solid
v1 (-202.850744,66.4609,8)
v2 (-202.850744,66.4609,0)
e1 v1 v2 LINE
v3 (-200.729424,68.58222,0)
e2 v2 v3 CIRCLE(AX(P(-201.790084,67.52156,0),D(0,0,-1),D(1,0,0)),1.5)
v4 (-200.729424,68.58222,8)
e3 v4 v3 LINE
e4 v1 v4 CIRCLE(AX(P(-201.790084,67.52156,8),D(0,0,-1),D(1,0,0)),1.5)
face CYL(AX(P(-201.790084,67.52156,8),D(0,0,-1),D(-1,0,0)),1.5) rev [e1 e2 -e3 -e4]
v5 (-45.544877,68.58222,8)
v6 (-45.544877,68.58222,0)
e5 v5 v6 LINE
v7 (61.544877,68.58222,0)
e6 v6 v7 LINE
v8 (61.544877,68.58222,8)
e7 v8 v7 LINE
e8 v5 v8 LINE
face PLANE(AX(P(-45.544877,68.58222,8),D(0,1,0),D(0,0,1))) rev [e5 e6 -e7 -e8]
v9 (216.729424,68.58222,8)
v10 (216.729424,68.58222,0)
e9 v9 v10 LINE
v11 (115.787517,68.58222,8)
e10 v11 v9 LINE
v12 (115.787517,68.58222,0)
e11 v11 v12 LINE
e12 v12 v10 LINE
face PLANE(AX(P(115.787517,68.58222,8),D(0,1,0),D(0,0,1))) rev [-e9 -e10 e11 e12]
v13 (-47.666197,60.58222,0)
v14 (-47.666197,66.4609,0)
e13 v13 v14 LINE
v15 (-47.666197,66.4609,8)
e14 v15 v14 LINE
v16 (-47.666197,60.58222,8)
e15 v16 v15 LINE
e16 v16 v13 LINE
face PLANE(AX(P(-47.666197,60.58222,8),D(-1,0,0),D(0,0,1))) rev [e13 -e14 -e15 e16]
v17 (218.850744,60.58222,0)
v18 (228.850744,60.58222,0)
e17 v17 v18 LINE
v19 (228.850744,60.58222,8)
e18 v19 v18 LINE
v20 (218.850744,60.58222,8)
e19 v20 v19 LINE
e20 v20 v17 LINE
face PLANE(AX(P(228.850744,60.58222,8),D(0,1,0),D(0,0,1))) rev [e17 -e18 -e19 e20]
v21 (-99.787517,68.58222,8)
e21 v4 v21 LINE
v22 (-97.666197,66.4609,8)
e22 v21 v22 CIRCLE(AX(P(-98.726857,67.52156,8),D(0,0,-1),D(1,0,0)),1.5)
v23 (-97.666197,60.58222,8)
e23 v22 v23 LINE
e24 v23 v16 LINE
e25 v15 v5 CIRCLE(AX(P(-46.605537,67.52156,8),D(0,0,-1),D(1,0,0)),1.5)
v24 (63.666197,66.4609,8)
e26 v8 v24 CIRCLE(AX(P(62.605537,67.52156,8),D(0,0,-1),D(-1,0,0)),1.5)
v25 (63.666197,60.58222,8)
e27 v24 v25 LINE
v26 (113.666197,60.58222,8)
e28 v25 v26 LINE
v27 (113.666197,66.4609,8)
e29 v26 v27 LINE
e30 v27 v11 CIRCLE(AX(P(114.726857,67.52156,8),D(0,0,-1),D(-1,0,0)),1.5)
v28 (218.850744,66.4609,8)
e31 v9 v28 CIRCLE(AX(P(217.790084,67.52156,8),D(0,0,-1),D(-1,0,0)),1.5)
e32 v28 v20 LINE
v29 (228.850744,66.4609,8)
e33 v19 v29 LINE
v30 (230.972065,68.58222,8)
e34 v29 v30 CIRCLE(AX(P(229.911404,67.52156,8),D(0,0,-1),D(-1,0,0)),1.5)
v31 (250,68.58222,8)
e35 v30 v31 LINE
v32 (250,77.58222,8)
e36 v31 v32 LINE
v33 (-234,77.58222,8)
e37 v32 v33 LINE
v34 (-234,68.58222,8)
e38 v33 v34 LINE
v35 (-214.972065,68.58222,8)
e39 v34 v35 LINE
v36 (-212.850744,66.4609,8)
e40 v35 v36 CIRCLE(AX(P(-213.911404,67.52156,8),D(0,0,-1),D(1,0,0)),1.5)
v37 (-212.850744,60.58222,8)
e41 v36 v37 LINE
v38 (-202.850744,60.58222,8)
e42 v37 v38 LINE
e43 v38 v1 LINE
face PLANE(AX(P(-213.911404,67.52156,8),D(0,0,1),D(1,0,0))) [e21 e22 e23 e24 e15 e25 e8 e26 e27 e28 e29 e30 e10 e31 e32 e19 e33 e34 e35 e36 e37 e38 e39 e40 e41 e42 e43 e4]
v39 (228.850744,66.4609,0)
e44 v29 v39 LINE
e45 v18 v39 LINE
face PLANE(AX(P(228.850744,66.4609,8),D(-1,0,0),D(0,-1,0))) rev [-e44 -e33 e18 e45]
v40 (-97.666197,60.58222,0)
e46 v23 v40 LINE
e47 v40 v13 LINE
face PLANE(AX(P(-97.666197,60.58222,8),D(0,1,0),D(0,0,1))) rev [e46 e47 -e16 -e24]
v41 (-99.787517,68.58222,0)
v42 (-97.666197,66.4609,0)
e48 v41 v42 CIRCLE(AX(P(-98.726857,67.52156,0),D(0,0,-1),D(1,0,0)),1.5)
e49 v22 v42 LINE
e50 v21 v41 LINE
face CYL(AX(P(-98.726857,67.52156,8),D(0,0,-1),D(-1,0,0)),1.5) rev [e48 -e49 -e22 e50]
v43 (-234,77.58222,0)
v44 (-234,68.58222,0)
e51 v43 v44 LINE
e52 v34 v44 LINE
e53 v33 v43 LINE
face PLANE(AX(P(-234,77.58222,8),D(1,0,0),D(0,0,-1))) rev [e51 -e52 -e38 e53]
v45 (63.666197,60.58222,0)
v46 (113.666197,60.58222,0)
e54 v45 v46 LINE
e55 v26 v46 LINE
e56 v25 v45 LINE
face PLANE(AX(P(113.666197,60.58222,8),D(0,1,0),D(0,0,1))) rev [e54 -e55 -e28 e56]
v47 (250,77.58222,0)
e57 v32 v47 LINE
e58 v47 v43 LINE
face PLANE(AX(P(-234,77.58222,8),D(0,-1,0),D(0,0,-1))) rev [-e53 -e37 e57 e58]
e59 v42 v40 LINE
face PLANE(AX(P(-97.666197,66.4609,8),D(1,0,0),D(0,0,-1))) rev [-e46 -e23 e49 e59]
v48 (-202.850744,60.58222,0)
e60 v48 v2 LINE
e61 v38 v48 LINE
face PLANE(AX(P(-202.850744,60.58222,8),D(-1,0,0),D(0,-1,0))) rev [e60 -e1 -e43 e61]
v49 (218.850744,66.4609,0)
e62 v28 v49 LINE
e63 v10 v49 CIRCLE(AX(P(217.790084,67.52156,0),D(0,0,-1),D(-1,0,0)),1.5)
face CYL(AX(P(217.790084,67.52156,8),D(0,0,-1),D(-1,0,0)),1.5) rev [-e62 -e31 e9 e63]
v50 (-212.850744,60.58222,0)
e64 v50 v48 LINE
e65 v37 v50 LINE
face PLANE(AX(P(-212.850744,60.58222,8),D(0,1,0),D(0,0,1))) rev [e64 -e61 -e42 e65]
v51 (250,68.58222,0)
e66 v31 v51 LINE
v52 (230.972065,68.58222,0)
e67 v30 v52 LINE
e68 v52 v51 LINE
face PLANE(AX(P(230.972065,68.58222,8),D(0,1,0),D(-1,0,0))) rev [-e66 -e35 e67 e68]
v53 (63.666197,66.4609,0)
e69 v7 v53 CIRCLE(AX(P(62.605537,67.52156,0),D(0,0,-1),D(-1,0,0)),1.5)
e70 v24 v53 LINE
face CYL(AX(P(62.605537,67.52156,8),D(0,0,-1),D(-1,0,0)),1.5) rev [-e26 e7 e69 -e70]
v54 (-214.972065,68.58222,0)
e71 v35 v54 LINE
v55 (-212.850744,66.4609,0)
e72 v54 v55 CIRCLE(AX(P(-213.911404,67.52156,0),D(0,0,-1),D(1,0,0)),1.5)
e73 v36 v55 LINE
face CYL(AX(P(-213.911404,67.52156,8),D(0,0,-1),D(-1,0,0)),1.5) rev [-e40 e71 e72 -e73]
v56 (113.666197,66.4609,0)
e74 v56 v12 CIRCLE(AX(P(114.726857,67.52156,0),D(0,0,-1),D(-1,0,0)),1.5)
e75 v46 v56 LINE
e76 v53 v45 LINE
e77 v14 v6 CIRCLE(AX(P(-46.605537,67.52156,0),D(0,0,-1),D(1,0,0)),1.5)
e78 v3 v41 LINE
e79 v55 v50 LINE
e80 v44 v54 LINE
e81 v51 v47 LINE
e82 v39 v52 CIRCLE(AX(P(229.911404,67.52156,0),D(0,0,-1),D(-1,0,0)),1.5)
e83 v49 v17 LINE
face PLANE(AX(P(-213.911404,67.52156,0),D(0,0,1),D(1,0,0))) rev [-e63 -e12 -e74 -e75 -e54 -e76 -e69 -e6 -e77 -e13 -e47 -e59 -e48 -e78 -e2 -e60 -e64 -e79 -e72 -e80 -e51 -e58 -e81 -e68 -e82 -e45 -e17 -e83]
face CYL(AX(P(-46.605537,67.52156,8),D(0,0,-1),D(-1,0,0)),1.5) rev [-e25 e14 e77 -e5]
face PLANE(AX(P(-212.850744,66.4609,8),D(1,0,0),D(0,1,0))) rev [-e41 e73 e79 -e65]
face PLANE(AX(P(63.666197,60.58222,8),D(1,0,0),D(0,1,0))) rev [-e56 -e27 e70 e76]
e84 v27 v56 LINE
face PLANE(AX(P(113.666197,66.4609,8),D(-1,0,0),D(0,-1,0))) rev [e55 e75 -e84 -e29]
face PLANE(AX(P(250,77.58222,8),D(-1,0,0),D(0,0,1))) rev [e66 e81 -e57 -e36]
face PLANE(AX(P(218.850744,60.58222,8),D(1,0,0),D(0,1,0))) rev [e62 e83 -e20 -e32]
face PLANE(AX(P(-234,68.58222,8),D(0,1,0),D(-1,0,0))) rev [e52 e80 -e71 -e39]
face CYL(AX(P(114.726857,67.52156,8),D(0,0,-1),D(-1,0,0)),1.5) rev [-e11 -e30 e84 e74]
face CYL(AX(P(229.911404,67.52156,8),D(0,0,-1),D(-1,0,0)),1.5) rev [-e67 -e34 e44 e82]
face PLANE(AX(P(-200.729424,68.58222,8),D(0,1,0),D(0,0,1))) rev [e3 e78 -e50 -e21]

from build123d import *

# Parameters (mm, degrees)
BOSS_EXTRU_1_DEPTH = 8


with BuildPart() as part:
    # Esquisse2 → Boss.-Extru.1 (new body)
    with BuildSketch(Plane.XY):
        with BuildLine():
            Line((-234, 77.582220472), (250, 77.582220472))
            Line((250, 77.582220472), (250, 68.582220472))
            Line((250, 68.582220472), (230.972064578, 68.582220472))
            ThreePointArc((230.972064578, 68.582220472), (228.850744234, 68.582220472), (228.850744234, 66.460900128))
            Line((228.850744234, 66.460900128), (228.850744234, 60.582220472))
            Line((228.850744234, 60.582220472), (218.850744234, 60.582220472))
            Line((218.850744234, 60.582220472), (218.850744234, 66.460900128))
            ThreePointArc((218.850744234, 66.460900128), (218.850744234, 68.582220472), (216.729423891, 68.582220472))
            Line((216.729423891, 68.582220472), (115.787517246, 68.582220472))
            ThreePointArc((115.787517246, 68.582220472), (113.666196902, 68.582220472), (113.666196902, 66.460900128))
            Line((113.666196902, 66.460900128), (113.666196902, 60.582220472))
            Line((113.666196902, 60.582220472), (63.666196902, 60.582220472))
            Line((63.666196902, 60.582220472), (63.666196902, 66.460900128))
            ThreePointArc((63.666196902, 66.460900128), (63.666196902, 68.582220472), (61.544876559, 68.582220472))
            Line((61.544876559, 68.582220472), (-45.544876559, 68.582220472))
            ThreePointArc((-45.544876559, 68.582220472), (-47.666196902, 68.582220472), (-47.666196902, 66.460900128))
            Line((-47.666196902, 66.460900128), (-47.666196902, 60.582220472))
            Line((-47.666196902, 60.582220472), (-97.666196902, 60.582220472))
            Line((-97.666196902, 60.582220472), (-97.666196902, 66.460900128))
            ThreePointArc((-97.666196902, 66.460900128), (-97.666196902, 68.582220472), (-99.787517246, 68.582220472))
            Line((-99.787517246, 68.582220472), (-200.729423891, 68.582220472))
            ThreePointArc((-200.729423891, 68.582220472), (-202.850744234, 68.582220472), (-202.850744234, 66.460900128))
            Line((-202.850744234, 66.460900128), (-202.850744234, 60.582220472))
            Line((-202.850744234, 60.582220472), (-212.850744234, 60.582220472))
            Line((-212.850744234, 60.582220472), (-212.850744234, 66.460900128))
            ThreePointArc((-212.850744234, 66.460900128), (-212.850744234, 68.582220472), (-214.972064578, 68.582220472))
            Line((-214.972064578, 68.582220472), (-234, 68.582220472))
            Line((-234, 68.582220472), (-234, 77.582220472))
        make_face()
    extrude(amount=BOSS_EXTRU_1_DEPTH)


solid = part.part
